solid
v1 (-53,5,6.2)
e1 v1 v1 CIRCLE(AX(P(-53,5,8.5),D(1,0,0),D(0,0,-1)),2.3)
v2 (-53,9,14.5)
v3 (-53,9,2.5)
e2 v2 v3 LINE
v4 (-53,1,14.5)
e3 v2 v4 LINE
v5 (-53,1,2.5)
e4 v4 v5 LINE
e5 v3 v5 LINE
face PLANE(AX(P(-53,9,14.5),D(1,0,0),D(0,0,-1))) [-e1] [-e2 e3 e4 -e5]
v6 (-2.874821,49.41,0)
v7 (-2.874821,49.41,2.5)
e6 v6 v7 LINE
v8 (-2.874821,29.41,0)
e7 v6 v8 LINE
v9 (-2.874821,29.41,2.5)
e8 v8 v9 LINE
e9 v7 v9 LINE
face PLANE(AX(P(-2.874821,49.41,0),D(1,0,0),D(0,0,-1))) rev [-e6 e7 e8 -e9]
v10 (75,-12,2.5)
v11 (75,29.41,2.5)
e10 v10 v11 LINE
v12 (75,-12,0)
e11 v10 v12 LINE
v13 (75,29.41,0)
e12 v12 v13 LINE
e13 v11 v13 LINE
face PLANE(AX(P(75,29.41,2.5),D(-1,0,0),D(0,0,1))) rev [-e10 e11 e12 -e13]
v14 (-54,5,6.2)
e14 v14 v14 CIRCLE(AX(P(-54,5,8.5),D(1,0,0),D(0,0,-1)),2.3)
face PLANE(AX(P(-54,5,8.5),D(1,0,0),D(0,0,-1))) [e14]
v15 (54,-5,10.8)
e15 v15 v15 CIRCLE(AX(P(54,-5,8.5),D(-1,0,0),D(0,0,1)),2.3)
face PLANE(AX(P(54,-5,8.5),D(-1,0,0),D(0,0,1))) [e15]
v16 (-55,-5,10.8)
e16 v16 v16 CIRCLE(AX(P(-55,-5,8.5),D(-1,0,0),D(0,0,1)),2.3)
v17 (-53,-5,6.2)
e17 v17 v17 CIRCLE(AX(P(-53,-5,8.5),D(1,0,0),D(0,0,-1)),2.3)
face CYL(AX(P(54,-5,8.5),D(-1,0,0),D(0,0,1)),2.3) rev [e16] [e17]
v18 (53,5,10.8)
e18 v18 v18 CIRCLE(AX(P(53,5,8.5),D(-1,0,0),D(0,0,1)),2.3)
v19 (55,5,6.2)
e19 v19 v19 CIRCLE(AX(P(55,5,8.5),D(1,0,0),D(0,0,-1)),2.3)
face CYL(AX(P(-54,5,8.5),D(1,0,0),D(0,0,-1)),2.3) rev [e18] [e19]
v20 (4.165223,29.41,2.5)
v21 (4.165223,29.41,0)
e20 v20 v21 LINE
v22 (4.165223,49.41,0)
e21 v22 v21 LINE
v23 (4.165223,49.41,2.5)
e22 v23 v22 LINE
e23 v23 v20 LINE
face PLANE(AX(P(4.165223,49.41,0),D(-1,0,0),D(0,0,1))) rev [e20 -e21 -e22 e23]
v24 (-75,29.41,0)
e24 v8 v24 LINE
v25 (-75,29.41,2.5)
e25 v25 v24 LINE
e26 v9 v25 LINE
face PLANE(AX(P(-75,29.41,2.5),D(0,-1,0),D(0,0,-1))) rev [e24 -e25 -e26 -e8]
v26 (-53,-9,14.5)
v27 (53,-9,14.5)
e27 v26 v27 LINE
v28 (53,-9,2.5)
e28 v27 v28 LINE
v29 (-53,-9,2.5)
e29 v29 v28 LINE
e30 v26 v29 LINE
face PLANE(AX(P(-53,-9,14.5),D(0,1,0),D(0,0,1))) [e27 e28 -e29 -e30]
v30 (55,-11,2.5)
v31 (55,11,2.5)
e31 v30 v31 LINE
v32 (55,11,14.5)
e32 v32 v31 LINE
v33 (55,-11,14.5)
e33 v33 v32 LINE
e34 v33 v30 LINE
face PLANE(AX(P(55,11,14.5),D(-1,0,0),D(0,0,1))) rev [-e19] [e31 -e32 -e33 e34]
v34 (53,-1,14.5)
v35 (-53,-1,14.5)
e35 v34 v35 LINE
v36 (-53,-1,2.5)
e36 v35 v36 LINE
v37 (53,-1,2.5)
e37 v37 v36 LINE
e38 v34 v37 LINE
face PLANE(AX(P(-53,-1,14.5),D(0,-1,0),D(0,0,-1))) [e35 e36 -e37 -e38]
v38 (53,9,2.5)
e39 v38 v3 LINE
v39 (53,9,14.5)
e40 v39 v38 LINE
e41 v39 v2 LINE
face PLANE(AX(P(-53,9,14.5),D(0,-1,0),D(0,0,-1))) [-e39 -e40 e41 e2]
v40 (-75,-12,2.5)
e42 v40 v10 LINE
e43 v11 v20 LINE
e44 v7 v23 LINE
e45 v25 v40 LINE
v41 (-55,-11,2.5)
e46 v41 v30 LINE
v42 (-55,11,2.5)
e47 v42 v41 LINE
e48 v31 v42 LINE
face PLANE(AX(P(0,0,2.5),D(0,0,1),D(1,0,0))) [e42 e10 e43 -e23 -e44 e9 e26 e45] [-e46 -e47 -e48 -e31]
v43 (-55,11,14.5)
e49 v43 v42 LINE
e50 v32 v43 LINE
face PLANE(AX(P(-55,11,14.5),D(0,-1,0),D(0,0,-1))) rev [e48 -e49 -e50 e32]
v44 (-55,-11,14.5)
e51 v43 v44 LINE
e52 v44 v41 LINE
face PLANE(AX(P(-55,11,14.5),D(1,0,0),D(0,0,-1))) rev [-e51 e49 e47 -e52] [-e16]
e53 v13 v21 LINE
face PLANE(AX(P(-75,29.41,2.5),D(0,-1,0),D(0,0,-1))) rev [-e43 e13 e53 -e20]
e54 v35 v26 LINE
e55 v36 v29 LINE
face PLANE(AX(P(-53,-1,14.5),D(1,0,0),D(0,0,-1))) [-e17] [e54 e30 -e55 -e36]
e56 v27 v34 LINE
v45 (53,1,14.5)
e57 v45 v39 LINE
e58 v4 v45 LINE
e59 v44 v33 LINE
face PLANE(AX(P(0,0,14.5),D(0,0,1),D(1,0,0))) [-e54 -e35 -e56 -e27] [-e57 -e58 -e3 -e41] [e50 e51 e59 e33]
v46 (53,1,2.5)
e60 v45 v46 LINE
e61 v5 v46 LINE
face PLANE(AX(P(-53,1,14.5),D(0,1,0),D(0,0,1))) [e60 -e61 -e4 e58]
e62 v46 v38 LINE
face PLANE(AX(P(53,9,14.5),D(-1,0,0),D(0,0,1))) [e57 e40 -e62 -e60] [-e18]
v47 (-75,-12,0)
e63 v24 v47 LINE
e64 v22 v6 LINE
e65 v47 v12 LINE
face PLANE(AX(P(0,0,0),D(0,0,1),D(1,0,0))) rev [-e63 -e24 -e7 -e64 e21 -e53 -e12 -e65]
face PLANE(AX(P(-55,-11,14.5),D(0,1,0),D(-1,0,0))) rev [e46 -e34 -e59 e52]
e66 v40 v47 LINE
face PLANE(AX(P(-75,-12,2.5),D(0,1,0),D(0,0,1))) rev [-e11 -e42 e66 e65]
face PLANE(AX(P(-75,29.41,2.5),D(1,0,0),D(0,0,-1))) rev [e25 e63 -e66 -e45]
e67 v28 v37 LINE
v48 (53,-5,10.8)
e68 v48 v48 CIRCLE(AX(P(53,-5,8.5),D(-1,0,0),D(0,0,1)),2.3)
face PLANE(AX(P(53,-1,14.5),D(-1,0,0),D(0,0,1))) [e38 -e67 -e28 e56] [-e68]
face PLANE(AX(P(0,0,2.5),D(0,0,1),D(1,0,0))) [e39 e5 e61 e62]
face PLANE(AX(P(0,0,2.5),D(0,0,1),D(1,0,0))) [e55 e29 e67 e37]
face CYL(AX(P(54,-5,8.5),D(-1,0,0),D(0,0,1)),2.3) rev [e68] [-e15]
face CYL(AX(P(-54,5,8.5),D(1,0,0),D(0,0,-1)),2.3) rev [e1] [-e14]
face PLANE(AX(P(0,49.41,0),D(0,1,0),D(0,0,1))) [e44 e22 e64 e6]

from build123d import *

# Parameters (mm, degrees)
SKETCH1_W           = 150
SKETCH1_H           = 41.41
BOSS_EXTRUDE1_DEPTH = 2.5
SKETCH5_W           = 110
SKETCH5_H           = 22
BOSS_EXTRUDE3_DEPTH = 12
SKETCH6_W           = 106
SKETCH6_H           = 8
CUT_EXTRUDE3_DEPTH  = 12
SKETCH7_R           = 2.3
CUT_EXTRUDE4_DEPTH  = 109
SKETCH8_R           = 2.3
CUT_EXTRUDE5_DEPTH  = 109
SKETCH9_W           = 7.040043687
SKETCH9_H           = 2.5
BOSS_EXTRUDE4_DEPTH = 20


with BuildPart() as part:
    # Sketch1 → Boss-Extrude1 (new body)
    with BuildSketch(Plane.XY):
        with Locations((0, 8.705)):
            Rectangle(SKETCH1_W, SKETCH1_H)
    extrude(amount=BOSS_EXTRUDE1_DEPTH)

    # Sketch5 → Boss-Extrude3 (add)
    with BuildSketch(Plane.XY.offset(2.5)):
        Rectangle(SKETCH5_W, SKETCH5_H)
    extrude(amount=BOSS_EXTRUDE3_DEPTH)

    # Sketch6 → Cut-Extrude3 (cut)
    with BuildSketch(Plane.XY.offset(2.5)):
        with Locations((0, 5)):
            Rectangle(SKETCH6_W, SKETCH6_H)
        with Locations((0, -5)):
            Rectangle(SKETCH6_W, SKETCH6_H)
    extrude(amount=CUT_EXTRUDE3_DEPTH, mode=Mode.SUBTRACT)

    # Sketch7 → Cut-Extrude4 (cut)
    with BuildSketch(Plane.ZY.offset(55)):
        with Locations((8.5, -5)):
            Circle(SKETCH7_R)
    extrude(amount=-CUT_EXTRUDE4_DEPTH, mode=Mode.SUBTRACT)

    # Sketch8 → Cut-Extrude5 (cut)
    with BuildSketch(Plane(origin=(55, 0, 0), x_dir=(0, 0, -1), z_dir=(1, 0, 0))):
        with Locations((-8.5, 5)):
            Circle(SKETCH8_R)
    extrude(amount=-CUT_EXTRUDE5_DEPTH, mode=Mode.SUBTRACT)

    # Sketch9 → Boss-Extrude4 (add)
    with BuildSketch(Plane(origin=(0, 29.41, 0), x_dir=(1, 0, 0), z_dir=(0, 1, 0))):
        with Locations((0.645201015, -1.25)):
            Rectangle(SKETCH9_W, SKETCH9_H)
    extrude(amount=BOSS_EXTRUDE4_DEPTH)


solid = part.part
